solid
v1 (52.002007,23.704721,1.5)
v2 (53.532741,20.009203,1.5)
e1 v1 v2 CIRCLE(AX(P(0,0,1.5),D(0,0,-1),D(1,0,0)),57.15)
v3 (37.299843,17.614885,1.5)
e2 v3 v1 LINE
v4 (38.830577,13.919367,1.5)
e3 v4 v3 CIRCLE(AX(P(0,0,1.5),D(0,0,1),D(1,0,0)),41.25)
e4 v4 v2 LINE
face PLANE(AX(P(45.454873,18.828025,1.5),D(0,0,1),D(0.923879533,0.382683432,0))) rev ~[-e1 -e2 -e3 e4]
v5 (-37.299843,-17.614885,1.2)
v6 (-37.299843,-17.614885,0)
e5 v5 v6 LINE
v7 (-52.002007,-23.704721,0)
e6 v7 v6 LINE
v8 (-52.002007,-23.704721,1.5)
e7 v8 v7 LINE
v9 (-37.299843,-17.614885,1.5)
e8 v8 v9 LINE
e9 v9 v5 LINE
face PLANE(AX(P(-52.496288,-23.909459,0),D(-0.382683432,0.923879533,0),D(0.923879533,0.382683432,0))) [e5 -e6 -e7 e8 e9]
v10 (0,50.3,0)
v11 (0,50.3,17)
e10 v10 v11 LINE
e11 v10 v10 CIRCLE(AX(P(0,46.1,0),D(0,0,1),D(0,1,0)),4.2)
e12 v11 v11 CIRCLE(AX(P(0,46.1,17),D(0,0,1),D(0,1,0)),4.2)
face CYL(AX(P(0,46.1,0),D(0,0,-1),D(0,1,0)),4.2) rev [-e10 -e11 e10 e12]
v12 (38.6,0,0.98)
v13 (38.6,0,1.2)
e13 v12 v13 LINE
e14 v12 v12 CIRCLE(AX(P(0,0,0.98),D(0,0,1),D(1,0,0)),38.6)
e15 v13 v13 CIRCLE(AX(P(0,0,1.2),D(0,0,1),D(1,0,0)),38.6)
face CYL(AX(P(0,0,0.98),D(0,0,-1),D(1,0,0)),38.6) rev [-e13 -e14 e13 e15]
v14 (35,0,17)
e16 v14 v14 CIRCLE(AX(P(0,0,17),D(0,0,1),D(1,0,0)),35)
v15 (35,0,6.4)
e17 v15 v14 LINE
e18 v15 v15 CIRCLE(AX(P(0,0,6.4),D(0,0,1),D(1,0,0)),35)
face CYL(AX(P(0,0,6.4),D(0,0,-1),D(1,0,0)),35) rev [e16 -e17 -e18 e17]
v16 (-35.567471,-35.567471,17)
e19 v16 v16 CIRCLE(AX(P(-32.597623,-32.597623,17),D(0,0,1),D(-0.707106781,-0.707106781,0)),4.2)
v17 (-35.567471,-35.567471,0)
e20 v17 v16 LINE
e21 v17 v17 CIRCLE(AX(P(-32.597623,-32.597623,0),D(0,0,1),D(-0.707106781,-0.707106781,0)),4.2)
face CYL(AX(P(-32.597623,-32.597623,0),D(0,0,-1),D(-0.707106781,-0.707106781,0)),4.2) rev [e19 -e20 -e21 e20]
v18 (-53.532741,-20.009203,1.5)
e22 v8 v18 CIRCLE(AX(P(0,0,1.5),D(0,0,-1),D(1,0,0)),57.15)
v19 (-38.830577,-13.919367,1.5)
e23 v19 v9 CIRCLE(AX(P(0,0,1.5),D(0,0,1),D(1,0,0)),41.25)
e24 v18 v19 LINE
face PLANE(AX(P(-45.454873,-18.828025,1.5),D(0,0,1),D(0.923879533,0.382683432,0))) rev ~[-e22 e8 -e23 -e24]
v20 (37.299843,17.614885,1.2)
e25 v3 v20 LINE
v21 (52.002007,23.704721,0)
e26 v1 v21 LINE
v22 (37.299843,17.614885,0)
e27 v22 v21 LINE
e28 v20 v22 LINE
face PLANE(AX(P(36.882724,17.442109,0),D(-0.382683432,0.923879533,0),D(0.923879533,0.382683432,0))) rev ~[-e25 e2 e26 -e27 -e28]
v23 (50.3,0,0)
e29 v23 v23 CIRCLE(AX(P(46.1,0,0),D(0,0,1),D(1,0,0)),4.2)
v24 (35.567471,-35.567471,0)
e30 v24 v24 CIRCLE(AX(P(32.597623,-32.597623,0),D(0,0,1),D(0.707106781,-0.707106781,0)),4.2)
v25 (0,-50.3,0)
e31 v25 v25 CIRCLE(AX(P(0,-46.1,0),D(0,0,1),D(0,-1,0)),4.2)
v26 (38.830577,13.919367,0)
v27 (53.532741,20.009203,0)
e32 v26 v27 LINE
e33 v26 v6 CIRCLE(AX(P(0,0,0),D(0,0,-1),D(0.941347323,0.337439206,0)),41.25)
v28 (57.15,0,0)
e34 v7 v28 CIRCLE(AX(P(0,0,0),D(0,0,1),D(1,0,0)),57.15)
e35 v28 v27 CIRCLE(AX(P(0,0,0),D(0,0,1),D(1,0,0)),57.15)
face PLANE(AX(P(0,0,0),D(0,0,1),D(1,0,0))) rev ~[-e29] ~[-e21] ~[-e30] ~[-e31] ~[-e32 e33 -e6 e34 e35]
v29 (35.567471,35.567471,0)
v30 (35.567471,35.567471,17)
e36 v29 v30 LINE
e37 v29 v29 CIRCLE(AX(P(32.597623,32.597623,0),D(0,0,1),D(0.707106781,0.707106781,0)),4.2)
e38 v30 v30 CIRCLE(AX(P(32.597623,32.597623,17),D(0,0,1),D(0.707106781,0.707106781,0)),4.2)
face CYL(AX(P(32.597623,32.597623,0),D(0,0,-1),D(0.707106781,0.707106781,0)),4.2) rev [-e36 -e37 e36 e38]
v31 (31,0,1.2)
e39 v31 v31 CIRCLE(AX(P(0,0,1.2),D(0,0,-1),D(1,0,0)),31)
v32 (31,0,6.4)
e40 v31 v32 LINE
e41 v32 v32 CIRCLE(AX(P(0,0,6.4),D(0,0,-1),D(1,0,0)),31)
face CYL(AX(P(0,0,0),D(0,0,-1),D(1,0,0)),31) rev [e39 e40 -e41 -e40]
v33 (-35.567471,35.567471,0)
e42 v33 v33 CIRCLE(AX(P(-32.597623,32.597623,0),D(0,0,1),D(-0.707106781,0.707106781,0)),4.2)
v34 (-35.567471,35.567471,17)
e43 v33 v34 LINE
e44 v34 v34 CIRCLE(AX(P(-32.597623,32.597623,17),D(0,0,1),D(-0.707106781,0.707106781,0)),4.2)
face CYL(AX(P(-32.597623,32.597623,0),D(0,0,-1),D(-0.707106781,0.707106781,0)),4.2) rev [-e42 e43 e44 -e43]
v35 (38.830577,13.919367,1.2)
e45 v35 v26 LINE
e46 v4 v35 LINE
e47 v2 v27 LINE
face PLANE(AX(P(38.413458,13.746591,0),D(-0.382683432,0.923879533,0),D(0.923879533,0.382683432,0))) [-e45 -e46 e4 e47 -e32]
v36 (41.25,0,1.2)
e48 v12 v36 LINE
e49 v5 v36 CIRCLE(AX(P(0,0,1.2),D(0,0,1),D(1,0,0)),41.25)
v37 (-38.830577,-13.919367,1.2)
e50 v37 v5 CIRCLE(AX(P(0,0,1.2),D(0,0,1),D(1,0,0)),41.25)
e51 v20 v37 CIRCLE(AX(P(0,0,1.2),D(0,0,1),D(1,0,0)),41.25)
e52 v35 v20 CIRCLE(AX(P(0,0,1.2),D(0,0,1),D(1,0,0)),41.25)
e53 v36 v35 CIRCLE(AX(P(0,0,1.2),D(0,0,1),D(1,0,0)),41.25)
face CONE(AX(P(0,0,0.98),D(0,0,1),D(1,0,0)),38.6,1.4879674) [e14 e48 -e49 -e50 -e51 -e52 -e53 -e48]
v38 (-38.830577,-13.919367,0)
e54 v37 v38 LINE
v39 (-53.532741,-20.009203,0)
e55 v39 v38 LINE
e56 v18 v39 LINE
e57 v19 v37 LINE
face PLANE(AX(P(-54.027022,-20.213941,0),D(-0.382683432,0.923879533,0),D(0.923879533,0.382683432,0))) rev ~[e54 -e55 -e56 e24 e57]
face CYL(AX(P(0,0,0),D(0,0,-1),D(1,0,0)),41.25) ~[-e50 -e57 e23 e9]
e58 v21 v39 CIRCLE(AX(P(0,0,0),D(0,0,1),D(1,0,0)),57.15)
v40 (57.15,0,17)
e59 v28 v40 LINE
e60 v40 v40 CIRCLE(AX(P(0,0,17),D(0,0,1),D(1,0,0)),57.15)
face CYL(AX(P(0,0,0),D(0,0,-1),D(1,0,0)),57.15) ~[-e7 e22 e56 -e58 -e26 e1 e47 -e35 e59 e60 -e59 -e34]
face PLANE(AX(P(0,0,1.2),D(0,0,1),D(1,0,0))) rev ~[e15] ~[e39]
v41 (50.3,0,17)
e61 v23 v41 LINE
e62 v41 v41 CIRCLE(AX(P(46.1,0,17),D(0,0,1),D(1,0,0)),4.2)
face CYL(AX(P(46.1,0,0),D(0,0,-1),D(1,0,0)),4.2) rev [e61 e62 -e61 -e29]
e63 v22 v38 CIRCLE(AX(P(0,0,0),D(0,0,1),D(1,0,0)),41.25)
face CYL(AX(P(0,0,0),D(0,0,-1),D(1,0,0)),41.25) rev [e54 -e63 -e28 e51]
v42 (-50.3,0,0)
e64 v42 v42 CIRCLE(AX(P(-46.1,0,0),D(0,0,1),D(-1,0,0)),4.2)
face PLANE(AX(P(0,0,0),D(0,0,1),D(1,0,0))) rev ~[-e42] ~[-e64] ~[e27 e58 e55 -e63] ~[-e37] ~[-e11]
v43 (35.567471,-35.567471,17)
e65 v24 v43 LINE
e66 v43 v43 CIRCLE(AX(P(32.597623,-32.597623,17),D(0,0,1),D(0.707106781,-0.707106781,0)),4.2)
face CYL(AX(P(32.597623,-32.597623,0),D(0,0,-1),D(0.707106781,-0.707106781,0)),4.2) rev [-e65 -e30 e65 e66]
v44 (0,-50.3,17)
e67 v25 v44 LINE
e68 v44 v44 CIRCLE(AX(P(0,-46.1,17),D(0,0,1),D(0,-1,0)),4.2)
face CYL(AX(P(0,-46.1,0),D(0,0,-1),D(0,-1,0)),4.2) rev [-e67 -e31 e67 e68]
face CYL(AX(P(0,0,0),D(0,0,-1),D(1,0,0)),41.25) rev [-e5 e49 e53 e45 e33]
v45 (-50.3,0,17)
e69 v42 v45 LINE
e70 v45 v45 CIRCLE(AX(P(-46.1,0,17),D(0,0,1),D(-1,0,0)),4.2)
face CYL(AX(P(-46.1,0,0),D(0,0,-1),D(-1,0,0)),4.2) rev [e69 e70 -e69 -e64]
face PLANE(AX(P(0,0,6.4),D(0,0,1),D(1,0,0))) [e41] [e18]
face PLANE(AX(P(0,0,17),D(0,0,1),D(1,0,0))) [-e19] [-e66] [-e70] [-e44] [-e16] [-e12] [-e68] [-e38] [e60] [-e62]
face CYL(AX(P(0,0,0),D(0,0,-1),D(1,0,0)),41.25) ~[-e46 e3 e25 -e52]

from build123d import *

# Parameters (mm, degrees)
CYLINDER025_R             = 41.25
CYLINDER025_DEPTH         = 1.5
BOX002_W                  = 16.9
BOX002_H                  = 4
BOX002_DEPTH              = 1.5
BOX003_W                  = 16.9
BOX003_H                  = 4
BOX003_DEPTH              = 1.5
FUSION008_PLACEMENT_ANGLE = 22.5
CYLINDER018_R             = 35
CYLINDER018_DEPTH         = 10.6
CYLINDER019_R             = 31
CYLINDER019_DEPTH         = 17
CYLINDER023_R             = 4.2
CYLINDER023_DEPTH         = 17
ARRAY004_COUNT            = 8
CYLINDER022_R             = 38.6
CYLINDER022_DEPTH         = 0.22
CYLINDER021_R             = 41.25
CYLINDER021_DEPTH         = 1.2
CYLINDER020_R             = 57.15
CYLINDER020_DEPTH         = 17


with BuildPart() as cylinder025:
    # Cylinder025 → Cylinder025 (new body)
    with BuildSketch(Plane.XY):
        Circle(CYLINDER025_R)
    extrude(amount=CYLINDER025_DEPTH)


with BuildPart() as cube002:
    # Box002 → Box002 (new body)
    with BuildSketch(Plane(origin=(40.75, -2, 0), x_dir=(1, 0, 0), z_dir=(0, 0, 1))):
        with Locations((8.45, 2)):
            Rectangle(BOX002_W, BOX002_H)
    extrude(amount=BOX002_DEPTH)


with BuildPart() as leaktestgrooves02:
    # Box003 → Box003 (new body)
    with BuildSketch(Plane(origin=(-57.65, -2, 0), x_dir=(1, 0, 0), z_dir=(0, 0, 1))):
        with Locations((8.45, 2)):
            Rectangle(BOX003_W, BOX003_H)
    extrude(amount=BOX003_DEPTH)

    # Fusion008: union Cube002
    add(cube002.part)


with BuildPart() as leaktestgrooves02_1:
    # Fusion008 placement: moved
    add(leaktestgrooves02.part.rotate(Axis((0, 0, 0), (0, 0, 1)), FUSION008_PLACEMENT_ANGLE))

    # Cut021: cut Cylinder025
    add(cylinder025.part, mode=Mode.SUBTRACT)


with BuildPart() as cylinder018:
    # Cylinder018 → Cylinder018 (new body)
    with BuildSketch(Plane.XY.offset(6.4)):
        Circle(CYLINDER018_R)
    extrude(amount=CYLINDER018_DEPTH)


with BuildPart() as fusion006:
    # Cylinder019 → Cylinder019 (new body)
    with BuildSketch(Plane.XY):
        Circle(CYLINDER019_R)
    extrude(amount=CYLINDER019_DEPTH)

    # Fusion006: union Cylinder018
    add(cylinder018.part)


with BuildPart() as boltholearray004:
    # Cylinder023 → Cylinder023 (new body)
    with BuildSketch(Plane(origin=(46.1, 0, 0), x_dir=(1, 0, 0), z_dir=(0, 0, 1))):
        Circle(CYLINDER023_R)
    extrude(amount=CYLINDER023_DEPTH)

    # Array004: BoltHoleArray004 ×8 about axis
    array004_axis = Axis((0, 0, 0), (0, 0, 1))


with BuildPart() as boltholearray004_1:
    add(boltholearray004.part)
    for i in range(1, ARRAY004_COUNT):
        add(boltholearray004.part.rotate(array004_axis, i * 360 / ARRAY004_COUNT))


with BuildPart() as cylinder022:
    # Cylinder022 → Cylinder022 (new body)
    with BuildSketch(Plane.XY):
        Circle(CYLINDER022_R)
    extrude(amount=CYLINDER022_DEPTH)


with BuildPart() as knifeedge004:
    # Cone004 → Cone004 (revolve)
    with BuildSketch(Plane.XZ):
        Polygon((0, 0), (38.6, 0), (41.25, 0.22), (0, 0.22), align=None)
    revolve(axis=Axis((0, 0, 0), (0, 0, 1)))

    # Cut016: cut Cylinder022
    add(cylinder022.part, mode=Mode.SUBTRACT)


with BuildPart() as knifeedge004_1:
    # Cut016 placement: moved
    add(knifeedge004.part.moved(Location((0, 0, 0.98))))


with BuildPart() as sealrecess004:
    # Cylinder021 → Cylinder021 (new body)
    with BuildSketch(Plane.XY):
        Circle(CYLINDER021_R)
    extrude(amount=CYLINDER021_DEPTH)


with BuildPart() as weldflange_nonrotatable:
    # Cylinder020 → Cylinder020 (new body)
    with BuildSketch(Plane.XY):
        Circle(CYLINDER020_R)
    extrude(amount=CYLINDER020_DEPTH)

    # Cut015: cut SealRecess004
    add(sealrecess004.part, mode=Mode.SUBTRACT)

    # Fusion005: union KnifeEdge004
    add(knifeedge004_1.part)

    # Cut017: cut BoltHoleArray004
    add(boltholearray004_1.part, mode=Mode.SUBTRACT)

    # Cut018: cut Fusion006
    add(fusion006.part, mode=Mode.SUBTRACT)

    # Cut024: cut LeakTestGrooves02
    add(leaktestgrooves02_1.part, mode=Mode.SUBTRACT)


solid = weldflange_nonrotatable.part
